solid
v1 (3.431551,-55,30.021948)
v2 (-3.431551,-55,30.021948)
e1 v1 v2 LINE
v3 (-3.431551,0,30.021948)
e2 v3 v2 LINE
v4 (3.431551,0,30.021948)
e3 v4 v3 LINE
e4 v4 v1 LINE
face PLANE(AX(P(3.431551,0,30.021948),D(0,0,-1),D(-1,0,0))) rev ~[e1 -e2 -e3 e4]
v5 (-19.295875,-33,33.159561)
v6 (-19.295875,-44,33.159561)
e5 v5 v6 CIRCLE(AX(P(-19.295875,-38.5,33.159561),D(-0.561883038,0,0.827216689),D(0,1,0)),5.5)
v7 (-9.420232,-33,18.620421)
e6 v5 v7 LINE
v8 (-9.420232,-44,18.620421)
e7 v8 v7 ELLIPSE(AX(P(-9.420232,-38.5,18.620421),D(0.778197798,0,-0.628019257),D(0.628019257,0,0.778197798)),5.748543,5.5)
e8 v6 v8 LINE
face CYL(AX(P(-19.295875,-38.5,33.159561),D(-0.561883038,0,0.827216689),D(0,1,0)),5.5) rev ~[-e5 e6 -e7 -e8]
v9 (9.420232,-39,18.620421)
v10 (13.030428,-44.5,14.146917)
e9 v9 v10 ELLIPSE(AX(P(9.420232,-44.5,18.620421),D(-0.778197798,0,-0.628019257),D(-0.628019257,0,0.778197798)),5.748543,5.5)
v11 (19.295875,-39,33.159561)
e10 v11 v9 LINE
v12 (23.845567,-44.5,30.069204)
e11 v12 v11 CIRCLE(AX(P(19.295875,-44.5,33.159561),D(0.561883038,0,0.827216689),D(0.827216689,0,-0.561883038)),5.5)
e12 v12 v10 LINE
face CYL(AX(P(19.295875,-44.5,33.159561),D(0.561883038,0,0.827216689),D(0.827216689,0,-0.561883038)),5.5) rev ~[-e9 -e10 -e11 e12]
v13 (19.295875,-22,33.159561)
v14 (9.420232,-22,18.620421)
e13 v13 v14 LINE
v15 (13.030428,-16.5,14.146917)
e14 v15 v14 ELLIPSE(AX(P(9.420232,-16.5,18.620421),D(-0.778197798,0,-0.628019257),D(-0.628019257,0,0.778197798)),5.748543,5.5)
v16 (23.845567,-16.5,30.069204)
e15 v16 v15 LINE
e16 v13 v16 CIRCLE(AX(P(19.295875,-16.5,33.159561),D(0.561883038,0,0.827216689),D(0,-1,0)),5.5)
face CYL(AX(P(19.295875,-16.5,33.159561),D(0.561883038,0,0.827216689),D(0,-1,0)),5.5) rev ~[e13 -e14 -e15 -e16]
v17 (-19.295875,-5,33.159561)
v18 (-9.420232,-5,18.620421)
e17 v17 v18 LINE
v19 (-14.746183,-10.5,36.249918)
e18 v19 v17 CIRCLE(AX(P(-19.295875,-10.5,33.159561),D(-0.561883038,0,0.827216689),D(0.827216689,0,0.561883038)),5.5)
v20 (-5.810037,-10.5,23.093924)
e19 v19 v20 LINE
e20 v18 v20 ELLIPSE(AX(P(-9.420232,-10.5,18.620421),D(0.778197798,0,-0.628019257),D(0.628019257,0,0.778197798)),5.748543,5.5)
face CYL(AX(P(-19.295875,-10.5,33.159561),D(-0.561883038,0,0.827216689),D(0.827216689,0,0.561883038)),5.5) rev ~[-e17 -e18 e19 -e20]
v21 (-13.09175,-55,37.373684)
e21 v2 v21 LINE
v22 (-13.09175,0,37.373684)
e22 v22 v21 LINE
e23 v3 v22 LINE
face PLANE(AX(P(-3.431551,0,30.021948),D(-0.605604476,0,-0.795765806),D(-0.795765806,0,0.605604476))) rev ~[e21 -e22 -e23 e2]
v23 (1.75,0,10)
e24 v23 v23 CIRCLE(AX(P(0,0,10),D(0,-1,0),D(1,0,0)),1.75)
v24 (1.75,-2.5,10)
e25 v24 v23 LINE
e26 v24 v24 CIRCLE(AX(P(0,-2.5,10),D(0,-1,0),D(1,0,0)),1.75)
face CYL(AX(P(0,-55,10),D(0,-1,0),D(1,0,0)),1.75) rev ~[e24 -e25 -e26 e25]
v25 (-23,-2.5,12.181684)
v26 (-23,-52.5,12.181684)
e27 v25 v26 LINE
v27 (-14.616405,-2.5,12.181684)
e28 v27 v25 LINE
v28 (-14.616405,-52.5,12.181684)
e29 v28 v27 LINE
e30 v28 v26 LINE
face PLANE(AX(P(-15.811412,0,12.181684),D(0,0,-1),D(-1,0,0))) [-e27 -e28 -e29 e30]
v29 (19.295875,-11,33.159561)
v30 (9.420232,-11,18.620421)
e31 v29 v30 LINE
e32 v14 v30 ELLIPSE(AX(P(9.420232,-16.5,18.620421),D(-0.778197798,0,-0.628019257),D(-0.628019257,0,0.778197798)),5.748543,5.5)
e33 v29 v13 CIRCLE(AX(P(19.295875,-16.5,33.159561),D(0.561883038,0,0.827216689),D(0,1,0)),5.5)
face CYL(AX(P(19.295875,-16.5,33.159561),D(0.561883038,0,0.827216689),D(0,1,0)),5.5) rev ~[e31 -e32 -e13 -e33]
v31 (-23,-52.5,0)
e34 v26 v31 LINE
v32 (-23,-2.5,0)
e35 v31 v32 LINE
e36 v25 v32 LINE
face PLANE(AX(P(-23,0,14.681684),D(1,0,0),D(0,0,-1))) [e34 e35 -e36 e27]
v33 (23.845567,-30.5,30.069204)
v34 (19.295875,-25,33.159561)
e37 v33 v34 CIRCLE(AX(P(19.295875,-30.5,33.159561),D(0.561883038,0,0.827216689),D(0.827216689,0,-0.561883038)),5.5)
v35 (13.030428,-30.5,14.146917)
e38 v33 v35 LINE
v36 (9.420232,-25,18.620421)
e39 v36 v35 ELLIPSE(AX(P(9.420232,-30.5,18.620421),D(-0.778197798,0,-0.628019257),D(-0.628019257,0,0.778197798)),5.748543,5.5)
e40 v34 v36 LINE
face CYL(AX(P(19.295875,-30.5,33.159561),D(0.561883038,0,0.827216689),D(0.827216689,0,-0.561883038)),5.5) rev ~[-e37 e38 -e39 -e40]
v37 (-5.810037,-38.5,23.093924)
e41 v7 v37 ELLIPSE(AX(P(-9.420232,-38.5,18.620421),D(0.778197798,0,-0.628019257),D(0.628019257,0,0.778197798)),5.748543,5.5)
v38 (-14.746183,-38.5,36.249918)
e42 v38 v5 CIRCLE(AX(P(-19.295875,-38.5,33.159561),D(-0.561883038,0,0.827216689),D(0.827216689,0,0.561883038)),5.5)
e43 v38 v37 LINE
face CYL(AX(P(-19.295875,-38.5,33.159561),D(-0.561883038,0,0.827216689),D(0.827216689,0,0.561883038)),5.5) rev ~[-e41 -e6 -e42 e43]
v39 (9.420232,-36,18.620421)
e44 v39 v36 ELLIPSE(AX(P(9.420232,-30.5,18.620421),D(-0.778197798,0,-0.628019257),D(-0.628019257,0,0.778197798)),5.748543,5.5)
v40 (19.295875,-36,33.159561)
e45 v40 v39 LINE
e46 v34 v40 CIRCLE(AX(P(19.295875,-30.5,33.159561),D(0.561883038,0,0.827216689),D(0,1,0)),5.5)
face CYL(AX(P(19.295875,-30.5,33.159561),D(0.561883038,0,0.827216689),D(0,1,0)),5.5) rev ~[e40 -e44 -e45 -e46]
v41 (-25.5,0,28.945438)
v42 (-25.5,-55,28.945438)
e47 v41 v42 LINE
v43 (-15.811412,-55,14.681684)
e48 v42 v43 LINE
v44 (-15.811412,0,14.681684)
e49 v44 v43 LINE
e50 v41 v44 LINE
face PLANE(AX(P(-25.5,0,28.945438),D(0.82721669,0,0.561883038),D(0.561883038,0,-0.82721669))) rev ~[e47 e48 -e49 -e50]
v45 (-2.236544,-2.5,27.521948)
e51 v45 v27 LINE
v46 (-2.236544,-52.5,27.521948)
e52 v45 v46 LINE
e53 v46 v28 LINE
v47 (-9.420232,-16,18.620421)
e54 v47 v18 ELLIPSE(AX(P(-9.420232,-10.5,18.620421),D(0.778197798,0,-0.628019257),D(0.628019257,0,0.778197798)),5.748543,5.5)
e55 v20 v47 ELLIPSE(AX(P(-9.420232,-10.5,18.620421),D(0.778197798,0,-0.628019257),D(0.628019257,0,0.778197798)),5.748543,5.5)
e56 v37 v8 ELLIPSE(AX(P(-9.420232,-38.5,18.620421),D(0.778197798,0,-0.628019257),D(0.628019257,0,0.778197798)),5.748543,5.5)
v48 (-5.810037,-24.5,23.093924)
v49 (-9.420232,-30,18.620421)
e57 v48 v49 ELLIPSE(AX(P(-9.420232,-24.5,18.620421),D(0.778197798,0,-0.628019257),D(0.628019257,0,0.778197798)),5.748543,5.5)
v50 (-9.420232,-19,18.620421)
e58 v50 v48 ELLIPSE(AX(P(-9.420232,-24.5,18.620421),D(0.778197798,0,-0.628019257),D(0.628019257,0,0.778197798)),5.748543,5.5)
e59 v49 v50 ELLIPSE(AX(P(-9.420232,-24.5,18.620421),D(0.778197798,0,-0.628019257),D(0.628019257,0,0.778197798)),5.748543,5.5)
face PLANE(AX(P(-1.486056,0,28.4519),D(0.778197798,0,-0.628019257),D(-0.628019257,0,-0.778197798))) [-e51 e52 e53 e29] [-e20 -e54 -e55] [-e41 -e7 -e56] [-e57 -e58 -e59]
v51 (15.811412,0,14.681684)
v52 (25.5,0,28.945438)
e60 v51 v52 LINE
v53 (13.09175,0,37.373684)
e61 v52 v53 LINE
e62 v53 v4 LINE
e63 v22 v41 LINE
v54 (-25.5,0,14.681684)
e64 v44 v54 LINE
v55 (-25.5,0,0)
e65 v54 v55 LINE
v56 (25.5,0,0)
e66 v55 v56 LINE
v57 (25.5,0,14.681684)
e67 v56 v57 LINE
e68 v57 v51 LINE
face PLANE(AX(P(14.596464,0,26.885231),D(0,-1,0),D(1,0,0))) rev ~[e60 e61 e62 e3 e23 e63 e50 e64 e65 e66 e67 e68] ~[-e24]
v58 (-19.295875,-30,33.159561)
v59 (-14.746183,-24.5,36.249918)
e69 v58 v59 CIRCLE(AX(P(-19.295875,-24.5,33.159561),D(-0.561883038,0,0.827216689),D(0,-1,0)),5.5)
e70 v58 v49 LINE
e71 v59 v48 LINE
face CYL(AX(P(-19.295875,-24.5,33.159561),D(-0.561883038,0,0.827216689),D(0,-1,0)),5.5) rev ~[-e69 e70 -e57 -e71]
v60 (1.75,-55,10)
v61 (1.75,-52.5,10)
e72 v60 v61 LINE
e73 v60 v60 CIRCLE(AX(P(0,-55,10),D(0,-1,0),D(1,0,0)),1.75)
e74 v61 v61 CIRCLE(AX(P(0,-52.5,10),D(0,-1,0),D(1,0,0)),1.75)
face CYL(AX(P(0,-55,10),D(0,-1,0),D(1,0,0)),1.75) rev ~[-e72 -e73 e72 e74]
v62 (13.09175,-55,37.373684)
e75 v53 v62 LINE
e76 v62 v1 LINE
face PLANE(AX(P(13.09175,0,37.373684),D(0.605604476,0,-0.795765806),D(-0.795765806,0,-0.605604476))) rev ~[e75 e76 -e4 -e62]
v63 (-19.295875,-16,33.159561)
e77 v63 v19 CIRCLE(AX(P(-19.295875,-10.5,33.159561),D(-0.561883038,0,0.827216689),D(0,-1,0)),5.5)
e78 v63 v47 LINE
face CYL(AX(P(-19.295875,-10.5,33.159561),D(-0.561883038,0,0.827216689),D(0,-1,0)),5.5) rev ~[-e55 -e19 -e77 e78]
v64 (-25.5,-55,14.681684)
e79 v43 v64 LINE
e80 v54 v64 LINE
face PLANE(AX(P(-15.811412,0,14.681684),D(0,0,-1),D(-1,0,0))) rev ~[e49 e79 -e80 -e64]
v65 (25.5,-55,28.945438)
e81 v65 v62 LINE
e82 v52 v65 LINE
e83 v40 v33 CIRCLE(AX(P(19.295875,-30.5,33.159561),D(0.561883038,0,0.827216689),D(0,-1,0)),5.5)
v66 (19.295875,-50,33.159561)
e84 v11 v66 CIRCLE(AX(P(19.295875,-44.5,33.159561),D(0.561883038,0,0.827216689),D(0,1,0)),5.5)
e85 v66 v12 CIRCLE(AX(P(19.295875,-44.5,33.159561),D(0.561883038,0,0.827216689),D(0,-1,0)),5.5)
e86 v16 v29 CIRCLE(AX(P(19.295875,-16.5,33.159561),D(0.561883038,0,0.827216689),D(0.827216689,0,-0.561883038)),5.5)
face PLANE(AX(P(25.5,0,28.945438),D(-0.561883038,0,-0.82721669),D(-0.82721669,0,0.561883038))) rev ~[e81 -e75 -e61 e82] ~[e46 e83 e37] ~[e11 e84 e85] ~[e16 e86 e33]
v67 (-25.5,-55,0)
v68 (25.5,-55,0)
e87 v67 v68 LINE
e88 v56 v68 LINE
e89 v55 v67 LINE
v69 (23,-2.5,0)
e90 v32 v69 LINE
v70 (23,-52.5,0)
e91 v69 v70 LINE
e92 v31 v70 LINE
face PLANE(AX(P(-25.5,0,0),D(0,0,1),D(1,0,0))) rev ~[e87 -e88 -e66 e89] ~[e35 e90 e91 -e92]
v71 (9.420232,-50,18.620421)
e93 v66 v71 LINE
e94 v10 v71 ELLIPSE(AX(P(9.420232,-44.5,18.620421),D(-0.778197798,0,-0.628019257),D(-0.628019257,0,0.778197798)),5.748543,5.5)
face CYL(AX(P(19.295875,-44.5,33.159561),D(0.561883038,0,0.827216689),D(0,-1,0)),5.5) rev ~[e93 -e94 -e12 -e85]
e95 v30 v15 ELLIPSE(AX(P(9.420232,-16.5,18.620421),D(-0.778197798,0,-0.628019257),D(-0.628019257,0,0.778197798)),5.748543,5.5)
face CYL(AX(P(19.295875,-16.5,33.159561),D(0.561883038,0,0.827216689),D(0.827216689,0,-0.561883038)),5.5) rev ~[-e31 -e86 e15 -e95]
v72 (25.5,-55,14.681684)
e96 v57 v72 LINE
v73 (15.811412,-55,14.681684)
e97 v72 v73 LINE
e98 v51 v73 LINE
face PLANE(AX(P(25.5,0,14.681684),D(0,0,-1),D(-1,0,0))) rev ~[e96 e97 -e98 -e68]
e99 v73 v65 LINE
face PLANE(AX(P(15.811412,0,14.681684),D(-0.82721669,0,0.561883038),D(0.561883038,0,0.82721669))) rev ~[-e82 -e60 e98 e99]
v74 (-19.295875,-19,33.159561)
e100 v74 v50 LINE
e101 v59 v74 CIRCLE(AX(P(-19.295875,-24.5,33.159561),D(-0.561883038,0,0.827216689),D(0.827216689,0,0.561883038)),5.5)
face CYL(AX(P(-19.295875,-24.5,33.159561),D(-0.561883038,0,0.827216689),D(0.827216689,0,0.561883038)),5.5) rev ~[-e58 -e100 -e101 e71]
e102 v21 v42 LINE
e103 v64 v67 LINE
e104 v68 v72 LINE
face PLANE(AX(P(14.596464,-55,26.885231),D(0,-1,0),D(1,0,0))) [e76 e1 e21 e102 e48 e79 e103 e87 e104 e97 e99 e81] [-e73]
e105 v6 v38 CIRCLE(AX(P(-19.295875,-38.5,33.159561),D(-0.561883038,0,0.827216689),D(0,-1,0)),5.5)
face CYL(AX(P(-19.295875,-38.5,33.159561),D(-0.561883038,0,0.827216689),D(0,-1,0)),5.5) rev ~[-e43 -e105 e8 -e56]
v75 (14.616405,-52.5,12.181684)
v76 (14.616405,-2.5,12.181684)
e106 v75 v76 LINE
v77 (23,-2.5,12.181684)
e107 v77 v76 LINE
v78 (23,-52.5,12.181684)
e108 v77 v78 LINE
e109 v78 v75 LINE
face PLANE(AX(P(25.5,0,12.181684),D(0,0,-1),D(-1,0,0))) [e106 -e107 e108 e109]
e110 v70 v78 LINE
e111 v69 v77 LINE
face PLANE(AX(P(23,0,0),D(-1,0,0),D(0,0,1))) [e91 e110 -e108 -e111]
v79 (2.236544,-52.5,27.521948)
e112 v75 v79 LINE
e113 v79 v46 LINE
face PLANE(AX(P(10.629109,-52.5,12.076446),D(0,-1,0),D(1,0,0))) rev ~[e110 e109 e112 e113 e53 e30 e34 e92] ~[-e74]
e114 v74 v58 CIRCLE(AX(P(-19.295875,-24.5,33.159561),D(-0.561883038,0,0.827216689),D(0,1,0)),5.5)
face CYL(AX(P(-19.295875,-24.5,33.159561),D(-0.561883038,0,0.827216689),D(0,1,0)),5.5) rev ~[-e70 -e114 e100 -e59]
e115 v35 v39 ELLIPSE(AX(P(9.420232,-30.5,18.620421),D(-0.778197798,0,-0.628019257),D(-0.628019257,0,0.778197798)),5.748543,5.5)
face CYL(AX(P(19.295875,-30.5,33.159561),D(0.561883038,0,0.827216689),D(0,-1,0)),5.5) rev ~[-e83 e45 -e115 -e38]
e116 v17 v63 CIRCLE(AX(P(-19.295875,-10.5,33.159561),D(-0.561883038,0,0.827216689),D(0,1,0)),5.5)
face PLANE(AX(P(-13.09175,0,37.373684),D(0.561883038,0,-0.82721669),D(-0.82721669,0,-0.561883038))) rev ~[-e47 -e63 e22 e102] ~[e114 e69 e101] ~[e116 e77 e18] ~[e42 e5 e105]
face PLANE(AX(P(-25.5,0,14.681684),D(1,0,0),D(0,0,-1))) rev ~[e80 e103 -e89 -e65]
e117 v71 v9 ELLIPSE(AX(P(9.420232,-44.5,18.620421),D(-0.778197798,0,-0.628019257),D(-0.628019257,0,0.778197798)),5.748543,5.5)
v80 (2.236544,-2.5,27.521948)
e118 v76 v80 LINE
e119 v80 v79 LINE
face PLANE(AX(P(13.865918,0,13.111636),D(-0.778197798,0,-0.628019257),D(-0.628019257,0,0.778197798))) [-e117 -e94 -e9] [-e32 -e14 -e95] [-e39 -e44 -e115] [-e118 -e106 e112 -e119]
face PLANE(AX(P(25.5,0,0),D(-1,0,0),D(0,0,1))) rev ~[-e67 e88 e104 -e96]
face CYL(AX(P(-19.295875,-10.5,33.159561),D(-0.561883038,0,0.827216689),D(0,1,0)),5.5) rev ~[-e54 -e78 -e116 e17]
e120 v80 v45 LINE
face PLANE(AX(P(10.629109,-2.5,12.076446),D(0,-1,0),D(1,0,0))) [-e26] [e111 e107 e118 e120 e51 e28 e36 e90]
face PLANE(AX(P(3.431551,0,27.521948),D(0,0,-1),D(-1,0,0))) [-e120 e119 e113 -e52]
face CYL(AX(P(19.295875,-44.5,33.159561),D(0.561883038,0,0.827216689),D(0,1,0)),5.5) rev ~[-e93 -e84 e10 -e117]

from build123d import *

# Parameters (mm, degrees)
F1_DEPTH = 55
F2_T     = -2.5
F3_DEPTH = 55
F5_DEPTH = 25
F7_DEPTH = 25
F8_R     = 1.75
F9_DEPTH = 60


with BuildPart() as f1:
    # F0 (on Front) → F1 (new body)
    with BuildSketch(Plane.XZ):
        Polygon((0, 30.0219481358), (0, 0), (25.5, 0), (25.5, 14.6816842611), (15.8114124709, 14.6816842611), (3.4315507477, 30.0219481358), align=None)
        Polygon((-25.5, 0), (0, 0), (0, 30.0219481358), (-3.4315507477, 30.0219481358), (-15.8114124709, 14.6816842611), (-25.5, 14.6816842611), align=None)
    extrude(amount=F1_DEPTH)

    # F2
    f2_openings = [f1.faces().sort_by_distance(p)[0] for p in [
        (0, -27.5, 0),
    ]]
    offset(amount=F2_T, openings=f2_openings, kind=Kind.INTERSECTION)

    # F0 (on Front) → F3 (join)
    with BuildSketch(Plane.XZ):
        Polygon((13.0917496571, 37.3736836002), (3.4315507477, 30.0219481358), (15.8114124709, 14.6816842611), (25.5, 28.9454380277), align=None)
        Polygon((-15.8114124709, 14.6816842611), (-3.4315507477, 30.0219481358), (-13.0917496571, 37.3736836002), (-25.5, 28.9454380277), align=None)
    extrude(amount=F3_DEPTH)

    # F4 (on face) → F5 (cut)
    with BuildSketch(Plane(origin=(21.5044814121, 0, 31.6593752), x_dir=(0.8272166895, 0, -0.5618830382), z_dir=(0.5618830382, 0, 0.8272166895))):
        with BuildLine():
            ThreePointArc((-2.6699250771, -39), (-8.1699250771, -44.5), (-2.6699250771, -50))
            Line((-2.6699250771, -50), (-2.6699250771, -39))
        make_face()
        with BuildLine():
            Line((-2.6699250771, -39), (-2.6699250771, -50))
            ThreePointArc((-2.6699250771, -50), (1.2191622194, -48.3890872965), (2.8300749229, -44.5))
            ThreePointArc((2.8300749229, -44.5), (1.2191622194, -40.6109127035), (-2.6699250771, -39))
        make_face()
        with BuildLine():
            ThreePointArc((-2.6699250771, -25), (-8.1699250771, -30.5), (-2.6699250771, -36))
            Line((-2.6699250771, -36), (-2.6699250771, -25))
        make_face()
        with BuildLine():
            Line((-2.6699250771, -25), (-2.6699250771, -36))
            ThreePointArc((-2.6699250771, -36), (1.2191622194, -34.3890872965), (2.8300749229, -30.5))
            ThreePointArc((2.8300749229, -30.5), (1.2191622194, -26.6109127035), (-2.6699250771, -25))
        make_face()
        with BuildLine():
            Line((-2.6699250771, -22), (-2.6699250771, -11))
            ThreePointArc((-2.6699250771, -11), (-8.1699250771, -16.5), (-2.6699250771, -22))
        make_face()
        with BuildLine():
            ThreePointArc((2.8300749229, -16.5), (1.2191622194, -12.6109127035), (-2.6699250771, -11))
            Line((-2.6699250771, -11), (-2.6699250771, -22))
            ThreePointArc((-2.6699250771, -22), (1.2191622194, -20.3890872965), (2.8300749229, -16.5))
        make_face()
    extrude(amount=-F5_DEPTH, mode=Mode.SUBTRACT)

    # F6 (on face) → F7 (cut)
    with BuildSketch(Plane(origin=(-21.5044814121, 0, 31.6593752), x_dir=(0.8272166895, 0, 0.5618830382), z_dir=(-0.5618830382, 0, 0.8272166895))):
        with BuildLine():
            ThreePointArc((8.1699250771, -10.5), (6.5590123736, -6.6109127035), (2.6699250771, -5))
            Line((2.6699250771, -5), (2.6699250771, -16))
            ThreePointArc((2.6699250771, -16), (6.5590123736, -14.3890872965), (8.1699250771, -10.5))
        make_face()
        with BuildLine():
            Line((2.6699250771, -16), (2.6699250771, -5))
            ThreePointArc((2.6699250771, -5), (-2.8300749229, -10.5), (2.6699250771, -16))
        make_face()
        with BuildLine():
            ThreePointArc((8.1699250771, -24.5), (6.5590123736, -20.6109127035), (2.6699250771, -19))
            Line((2.6699250771, -19), (2.6699250771, -30))
            ThreePointArc((2.6699250771, -30), (6.5590123736, -28.3890872965), (8.1699250771, -24.5))
        make_face()
        with BuildLine():
            Line((2.6699250771, -30), (2.6699250771, -19))
            ThreePointArc((2.6699250771, -19), (-2.8300749229, -24.5), (2.6699250771, -30))
        make_face()
        with BuildLine():
            Line((2.6699250771, -33), (2.6699250771, -44))
            ThreePointArc((2.6699250771, -44), (6.5590123736, -42.3890872965), (8.1699250771, -38.5))
            ThreePointArc((8.1699250771, -38.5), (6.5590123736, -34.6109127035), (2.6699250771, -33))
        make_face()
        with BuildLine():
            ThreePointArc((2.6699250771, -33), (-2.8300749229, -38.5), (2.6699250771, -44))
            Line((2.6699250771, -44), (2.6699250771, -33))
        make_face()
    extrude(amount=-F7_DEPTH, mode=Mode.SUBTRACT)

    # F8 (on face) → F9 (cut)
    with BuildSketch(Plane.XZ.offset(55)):
        with Locations((0, 10)):
            Circle(F8_R)
    extrude(amount=-F9_DEPTH, mode=Mode.SUBTRACT)


solid = f1.part
